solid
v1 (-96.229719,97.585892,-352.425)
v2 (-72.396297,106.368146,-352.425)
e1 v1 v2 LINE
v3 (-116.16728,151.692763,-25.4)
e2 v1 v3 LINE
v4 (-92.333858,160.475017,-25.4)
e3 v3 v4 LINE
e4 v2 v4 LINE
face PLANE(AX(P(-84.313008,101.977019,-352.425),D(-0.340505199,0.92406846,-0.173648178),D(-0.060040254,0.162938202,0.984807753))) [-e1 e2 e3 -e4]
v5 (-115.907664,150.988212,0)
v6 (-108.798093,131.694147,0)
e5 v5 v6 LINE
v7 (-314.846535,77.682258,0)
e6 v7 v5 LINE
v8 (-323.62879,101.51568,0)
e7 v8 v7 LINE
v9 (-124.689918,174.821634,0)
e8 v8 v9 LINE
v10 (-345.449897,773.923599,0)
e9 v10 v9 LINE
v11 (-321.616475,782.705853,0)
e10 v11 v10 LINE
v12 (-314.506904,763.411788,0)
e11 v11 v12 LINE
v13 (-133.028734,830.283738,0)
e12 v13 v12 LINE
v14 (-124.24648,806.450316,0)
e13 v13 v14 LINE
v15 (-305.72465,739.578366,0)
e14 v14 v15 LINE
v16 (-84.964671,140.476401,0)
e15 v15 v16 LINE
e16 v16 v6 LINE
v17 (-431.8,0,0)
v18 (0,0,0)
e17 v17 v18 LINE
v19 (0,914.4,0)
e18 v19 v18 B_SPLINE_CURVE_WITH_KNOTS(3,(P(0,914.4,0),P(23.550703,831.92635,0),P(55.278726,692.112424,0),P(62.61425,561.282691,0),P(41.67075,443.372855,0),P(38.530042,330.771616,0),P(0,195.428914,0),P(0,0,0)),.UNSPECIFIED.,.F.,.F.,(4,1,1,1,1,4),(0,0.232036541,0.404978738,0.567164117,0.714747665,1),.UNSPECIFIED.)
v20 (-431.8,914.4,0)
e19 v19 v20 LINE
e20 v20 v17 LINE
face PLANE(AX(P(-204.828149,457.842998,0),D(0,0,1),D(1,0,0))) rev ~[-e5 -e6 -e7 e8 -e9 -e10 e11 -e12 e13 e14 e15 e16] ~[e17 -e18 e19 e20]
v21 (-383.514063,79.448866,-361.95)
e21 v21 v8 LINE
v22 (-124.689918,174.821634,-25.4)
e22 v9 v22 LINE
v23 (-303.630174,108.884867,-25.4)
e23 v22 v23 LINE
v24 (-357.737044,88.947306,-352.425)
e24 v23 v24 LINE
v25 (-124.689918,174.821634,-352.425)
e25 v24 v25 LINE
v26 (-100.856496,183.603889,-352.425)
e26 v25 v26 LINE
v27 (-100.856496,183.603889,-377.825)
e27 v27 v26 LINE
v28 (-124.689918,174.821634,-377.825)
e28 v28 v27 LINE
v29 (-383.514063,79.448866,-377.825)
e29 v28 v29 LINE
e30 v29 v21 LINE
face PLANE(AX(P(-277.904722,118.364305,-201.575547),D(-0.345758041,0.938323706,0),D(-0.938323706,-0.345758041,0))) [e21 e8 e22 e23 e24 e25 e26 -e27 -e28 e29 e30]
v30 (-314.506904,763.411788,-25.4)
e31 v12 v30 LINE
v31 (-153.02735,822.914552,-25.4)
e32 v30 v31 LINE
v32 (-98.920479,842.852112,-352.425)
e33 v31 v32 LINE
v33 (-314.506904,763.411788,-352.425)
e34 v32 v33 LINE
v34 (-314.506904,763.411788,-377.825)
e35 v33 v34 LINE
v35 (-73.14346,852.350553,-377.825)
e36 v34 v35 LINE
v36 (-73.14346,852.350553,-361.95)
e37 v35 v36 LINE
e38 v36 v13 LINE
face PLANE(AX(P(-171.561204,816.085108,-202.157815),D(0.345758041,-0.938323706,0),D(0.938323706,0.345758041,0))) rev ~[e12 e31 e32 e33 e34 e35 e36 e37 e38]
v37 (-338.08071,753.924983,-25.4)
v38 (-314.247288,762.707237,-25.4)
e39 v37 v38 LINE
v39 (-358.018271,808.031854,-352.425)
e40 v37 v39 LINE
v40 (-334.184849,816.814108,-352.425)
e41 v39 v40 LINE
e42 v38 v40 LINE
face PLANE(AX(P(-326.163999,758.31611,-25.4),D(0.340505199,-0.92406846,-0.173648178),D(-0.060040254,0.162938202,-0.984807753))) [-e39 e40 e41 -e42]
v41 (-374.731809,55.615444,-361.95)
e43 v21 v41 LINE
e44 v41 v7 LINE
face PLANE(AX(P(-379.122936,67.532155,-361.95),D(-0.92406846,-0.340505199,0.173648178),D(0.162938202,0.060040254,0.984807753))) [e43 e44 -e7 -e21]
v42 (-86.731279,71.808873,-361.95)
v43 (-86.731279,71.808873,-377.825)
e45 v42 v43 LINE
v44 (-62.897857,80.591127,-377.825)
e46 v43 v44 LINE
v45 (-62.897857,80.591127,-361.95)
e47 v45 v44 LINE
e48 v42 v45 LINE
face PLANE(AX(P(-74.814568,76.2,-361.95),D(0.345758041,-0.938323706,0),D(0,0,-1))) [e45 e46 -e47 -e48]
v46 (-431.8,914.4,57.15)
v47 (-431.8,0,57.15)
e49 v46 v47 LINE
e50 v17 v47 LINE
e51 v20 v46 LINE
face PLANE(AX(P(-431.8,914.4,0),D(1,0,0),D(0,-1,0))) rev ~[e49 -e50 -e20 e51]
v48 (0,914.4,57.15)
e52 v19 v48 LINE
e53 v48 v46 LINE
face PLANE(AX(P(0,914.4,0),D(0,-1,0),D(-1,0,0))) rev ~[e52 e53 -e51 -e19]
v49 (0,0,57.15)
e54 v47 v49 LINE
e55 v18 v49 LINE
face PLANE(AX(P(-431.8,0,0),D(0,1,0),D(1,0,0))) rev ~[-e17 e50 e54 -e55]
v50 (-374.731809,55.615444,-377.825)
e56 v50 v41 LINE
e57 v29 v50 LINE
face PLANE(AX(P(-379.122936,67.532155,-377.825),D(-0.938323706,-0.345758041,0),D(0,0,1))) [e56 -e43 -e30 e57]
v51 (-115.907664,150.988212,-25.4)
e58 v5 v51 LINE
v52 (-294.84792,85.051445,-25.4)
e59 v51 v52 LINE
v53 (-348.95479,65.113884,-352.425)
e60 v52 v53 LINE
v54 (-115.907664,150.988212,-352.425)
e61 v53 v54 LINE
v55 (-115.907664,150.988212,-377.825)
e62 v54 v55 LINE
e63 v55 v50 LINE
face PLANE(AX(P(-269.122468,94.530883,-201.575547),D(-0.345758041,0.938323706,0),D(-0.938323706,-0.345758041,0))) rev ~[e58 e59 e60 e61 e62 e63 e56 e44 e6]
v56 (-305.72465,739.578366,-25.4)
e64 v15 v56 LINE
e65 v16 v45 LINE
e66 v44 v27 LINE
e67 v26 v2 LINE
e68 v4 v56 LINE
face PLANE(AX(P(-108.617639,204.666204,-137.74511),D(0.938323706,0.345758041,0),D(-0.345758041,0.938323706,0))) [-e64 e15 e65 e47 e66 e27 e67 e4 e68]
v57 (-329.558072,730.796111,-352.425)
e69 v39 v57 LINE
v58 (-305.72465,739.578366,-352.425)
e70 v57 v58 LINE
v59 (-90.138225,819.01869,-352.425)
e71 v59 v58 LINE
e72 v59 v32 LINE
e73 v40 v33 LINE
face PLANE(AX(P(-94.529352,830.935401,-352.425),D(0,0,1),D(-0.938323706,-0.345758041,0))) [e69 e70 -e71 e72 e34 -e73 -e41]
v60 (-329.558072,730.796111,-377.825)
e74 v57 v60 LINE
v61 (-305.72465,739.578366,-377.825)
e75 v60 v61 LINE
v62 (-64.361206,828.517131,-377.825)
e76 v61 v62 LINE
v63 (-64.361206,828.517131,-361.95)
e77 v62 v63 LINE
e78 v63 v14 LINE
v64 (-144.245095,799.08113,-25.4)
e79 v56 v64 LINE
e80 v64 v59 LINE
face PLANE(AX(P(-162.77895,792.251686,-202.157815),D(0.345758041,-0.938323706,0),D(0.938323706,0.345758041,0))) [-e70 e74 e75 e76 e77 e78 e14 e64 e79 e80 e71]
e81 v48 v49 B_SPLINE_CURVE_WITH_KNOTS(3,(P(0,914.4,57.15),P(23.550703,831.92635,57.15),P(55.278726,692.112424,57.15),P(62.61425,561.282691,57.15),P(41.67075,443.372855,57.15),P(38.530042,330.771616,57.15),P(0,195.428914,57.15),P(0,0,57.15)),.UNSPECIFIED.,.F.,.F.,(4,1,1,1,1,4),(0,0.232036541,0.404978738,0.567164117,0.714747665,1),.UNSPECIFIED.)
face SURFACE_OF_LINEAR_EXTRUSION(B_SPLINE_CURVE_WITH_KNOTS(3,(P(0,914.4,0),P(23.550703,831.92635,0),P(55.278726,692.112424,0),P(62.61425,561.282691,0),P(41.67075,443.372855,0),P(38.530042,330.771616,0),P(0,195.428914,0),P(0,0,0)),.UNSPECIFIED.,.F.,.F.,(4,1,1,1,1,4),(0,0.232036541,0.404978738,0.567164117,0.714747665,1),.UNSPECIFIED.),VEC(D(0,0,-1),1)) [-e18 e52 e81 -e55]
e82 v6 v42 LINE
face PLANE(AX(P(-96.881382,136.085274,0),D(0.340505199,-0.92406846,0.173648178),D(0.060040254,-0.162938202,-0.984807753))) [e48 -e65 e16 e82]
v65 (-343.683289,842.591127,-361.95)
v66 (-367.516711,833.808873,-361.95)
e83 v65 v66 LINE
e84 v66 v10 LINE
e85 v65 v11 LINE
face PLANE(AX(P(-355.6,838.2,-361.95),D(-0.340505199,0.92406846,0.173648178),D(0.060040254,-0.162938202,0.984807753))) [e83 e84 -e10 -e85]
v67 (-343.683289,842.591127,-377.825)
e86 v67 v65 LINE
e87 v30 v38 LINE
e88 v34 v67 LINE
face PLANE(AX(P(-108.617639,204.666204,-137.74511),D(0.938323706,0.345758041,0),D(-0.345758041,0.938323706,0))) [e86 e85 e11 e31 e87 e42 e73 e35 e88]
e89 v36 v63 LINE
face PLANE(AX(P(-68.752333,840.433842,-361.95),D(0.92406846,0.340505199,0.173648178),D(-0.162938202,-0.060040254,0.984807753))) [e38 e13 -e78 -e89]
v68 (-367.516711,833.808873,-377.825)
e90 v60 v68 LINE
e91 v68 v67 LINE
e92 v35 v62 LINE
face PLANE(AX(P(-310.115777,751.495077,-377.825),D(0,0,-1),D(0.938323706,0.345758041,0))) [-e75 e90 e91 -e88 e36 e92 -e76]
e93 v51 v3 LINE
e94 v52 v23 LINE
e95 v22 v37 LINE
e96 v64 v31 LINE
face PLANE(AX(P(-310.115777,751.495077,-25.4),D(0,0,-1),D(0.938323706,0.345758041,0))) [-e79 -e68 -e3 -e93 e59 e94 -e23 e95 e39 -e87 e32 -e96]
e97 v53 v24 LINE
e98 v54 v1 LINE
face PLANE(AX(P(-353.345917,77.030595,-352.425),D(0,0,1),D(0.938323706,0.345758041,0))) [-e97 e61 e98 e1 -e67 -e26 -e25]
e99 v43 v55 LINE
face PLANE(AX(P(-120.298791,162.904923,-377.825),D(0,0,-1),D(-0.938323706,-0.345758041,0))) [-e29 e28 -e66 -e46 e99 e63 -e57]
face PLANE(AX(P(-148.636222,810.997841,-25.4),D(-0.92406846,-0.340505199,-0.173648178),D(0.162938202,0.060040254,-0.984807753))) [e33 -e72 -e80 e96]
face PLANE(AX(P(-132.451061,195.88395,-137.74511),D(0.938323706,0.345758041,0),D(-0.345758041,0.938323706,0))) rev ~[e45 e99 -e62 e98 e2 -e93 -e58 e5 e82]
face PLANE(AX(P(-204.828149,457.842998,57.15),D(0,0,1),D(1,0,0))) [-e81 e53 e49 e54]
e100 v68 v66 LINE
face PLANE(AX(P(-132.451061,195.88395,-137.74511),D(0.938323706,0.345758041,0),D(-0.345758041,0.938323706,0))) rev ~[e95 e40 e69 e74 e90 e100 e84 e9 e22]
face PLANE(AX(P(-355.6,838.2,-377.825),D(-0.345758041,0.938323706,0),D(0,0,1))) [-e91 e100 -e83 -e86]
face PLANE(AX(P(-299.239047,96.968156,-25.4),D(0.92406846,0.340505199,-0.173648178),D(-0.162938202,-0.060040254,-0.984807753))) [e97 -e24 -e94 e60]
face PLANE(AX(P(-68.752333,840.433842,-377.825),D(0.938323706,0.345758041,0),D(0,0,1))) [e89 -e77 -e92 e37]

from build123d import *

# Parameters (mm, degrees)
F1_DEPTH  = 57.15
F7_DEPTH  = 12.7
F10_DEPTH = 12.7
F13_DEPTH = 12.7


with BuildPart() as f1:
    # F0 (on Top) → F1 (new body)
    with BuildSketch(Plane.XY):
        with BuildLine():
            Line((-431.8, 0), (0, 0))
            add(Edge.make_bspline(
                [(0, 914.4), (23.5507032827, 831.9263504284), (55.2787257206, 692.1124240056), (62.6142503733, 561.2826910152), (41.6707497482, 443.3728550075), (38.5300420658, 330.7716155659), (0, 195.428914411), (0, 0)],
                knots=[0, 0, 0, 0, 0.2320365414, 0.4049787378, 0.5671641169, 0.7147476654, 1, 1, 1, 1], degree=3))
            Line((0, 914.4), (-431.8, 914.4))
            Line((-431.8, 914.4), (-431.8, 0))
        make_face()
    extrude(amount=F1_DEPTH)

    # F6 (on 3pt) → F7 (join, symmetric)
    with BuildSketch(Plane(origin=(-41.1487974849, -15.1627071845, 0), x_dir=(-0.3457580408, 0.938323706, 0), z_dir=(0.938323706, 0.3457580408, 0))):
        Polygon((161.1895555469, 0), (97.3680048795, -361.95), (97.3680048795, -377.825), (207.1518256944, -377.825), (207.1518256944, -352.425), (124.8393553126, -352.425), (182.5026861788, -25.4), (503.4112472735, -25.4), (503.4112472735, 0), align=None)
        Polygon((845.632939, 0), (503.4112472735, 0), (503.4112472735, -25.4), (824.3198083682, -25.4), (881.9831392344, -352.425), (799.6706688525, -352.425), (799.6706688525, -377.825), (909.4544896675, -377.825), (909.4544896675, -361.95), align=None)
    extrude(amount=F7_DEPTH, both=True)

    # F9 (on plane+point) → F10 (join, symmetric)
    with BuildSketch(Plane(origin=(-67.2332822759, 182.4587577243, 0), x_dir=(-0.938323706, -0.3457580408, 0), z_dir=(-0.3457580408, 0.938323706, 0))):
        Polygon((268.5687023797, 0), (56.5535200824, 0), (56.5535200824, -25.4), (247.2555717478, -25.4), (304.918902614, -352.425), (56.5535200824, -352.425), (56.5535200824, -377.825), (332.3902530472, -377.825), (332.3902530472, -361.95), align=None)
    extrude(amount=F10_DEPTH, both=True)

    # F12 (on offset) → F13 (join, symmetric)
    with BuildSketch(Plane(origin=(-280.8836908399, 762.2666566446, 0), x_dir=(0.938323706, 0.3457580408, 0), z_dir=(0.3457580408, -0.938323706, 0))):
        Polygon((-31.1535200824, -352.425), (-31.1535200824, -377.825), (226.0748147964, -377.825), (226.0748147964, -361.95), (162.253264129, 0), (-31.1535200824, 0), (-31.1535200824, -25.4), (140.9401334971, -25.4), (198.6034643633, -352.425), align=None)
    extrude(amount=F13_DEPTH, both=True)


solid = f1.part
